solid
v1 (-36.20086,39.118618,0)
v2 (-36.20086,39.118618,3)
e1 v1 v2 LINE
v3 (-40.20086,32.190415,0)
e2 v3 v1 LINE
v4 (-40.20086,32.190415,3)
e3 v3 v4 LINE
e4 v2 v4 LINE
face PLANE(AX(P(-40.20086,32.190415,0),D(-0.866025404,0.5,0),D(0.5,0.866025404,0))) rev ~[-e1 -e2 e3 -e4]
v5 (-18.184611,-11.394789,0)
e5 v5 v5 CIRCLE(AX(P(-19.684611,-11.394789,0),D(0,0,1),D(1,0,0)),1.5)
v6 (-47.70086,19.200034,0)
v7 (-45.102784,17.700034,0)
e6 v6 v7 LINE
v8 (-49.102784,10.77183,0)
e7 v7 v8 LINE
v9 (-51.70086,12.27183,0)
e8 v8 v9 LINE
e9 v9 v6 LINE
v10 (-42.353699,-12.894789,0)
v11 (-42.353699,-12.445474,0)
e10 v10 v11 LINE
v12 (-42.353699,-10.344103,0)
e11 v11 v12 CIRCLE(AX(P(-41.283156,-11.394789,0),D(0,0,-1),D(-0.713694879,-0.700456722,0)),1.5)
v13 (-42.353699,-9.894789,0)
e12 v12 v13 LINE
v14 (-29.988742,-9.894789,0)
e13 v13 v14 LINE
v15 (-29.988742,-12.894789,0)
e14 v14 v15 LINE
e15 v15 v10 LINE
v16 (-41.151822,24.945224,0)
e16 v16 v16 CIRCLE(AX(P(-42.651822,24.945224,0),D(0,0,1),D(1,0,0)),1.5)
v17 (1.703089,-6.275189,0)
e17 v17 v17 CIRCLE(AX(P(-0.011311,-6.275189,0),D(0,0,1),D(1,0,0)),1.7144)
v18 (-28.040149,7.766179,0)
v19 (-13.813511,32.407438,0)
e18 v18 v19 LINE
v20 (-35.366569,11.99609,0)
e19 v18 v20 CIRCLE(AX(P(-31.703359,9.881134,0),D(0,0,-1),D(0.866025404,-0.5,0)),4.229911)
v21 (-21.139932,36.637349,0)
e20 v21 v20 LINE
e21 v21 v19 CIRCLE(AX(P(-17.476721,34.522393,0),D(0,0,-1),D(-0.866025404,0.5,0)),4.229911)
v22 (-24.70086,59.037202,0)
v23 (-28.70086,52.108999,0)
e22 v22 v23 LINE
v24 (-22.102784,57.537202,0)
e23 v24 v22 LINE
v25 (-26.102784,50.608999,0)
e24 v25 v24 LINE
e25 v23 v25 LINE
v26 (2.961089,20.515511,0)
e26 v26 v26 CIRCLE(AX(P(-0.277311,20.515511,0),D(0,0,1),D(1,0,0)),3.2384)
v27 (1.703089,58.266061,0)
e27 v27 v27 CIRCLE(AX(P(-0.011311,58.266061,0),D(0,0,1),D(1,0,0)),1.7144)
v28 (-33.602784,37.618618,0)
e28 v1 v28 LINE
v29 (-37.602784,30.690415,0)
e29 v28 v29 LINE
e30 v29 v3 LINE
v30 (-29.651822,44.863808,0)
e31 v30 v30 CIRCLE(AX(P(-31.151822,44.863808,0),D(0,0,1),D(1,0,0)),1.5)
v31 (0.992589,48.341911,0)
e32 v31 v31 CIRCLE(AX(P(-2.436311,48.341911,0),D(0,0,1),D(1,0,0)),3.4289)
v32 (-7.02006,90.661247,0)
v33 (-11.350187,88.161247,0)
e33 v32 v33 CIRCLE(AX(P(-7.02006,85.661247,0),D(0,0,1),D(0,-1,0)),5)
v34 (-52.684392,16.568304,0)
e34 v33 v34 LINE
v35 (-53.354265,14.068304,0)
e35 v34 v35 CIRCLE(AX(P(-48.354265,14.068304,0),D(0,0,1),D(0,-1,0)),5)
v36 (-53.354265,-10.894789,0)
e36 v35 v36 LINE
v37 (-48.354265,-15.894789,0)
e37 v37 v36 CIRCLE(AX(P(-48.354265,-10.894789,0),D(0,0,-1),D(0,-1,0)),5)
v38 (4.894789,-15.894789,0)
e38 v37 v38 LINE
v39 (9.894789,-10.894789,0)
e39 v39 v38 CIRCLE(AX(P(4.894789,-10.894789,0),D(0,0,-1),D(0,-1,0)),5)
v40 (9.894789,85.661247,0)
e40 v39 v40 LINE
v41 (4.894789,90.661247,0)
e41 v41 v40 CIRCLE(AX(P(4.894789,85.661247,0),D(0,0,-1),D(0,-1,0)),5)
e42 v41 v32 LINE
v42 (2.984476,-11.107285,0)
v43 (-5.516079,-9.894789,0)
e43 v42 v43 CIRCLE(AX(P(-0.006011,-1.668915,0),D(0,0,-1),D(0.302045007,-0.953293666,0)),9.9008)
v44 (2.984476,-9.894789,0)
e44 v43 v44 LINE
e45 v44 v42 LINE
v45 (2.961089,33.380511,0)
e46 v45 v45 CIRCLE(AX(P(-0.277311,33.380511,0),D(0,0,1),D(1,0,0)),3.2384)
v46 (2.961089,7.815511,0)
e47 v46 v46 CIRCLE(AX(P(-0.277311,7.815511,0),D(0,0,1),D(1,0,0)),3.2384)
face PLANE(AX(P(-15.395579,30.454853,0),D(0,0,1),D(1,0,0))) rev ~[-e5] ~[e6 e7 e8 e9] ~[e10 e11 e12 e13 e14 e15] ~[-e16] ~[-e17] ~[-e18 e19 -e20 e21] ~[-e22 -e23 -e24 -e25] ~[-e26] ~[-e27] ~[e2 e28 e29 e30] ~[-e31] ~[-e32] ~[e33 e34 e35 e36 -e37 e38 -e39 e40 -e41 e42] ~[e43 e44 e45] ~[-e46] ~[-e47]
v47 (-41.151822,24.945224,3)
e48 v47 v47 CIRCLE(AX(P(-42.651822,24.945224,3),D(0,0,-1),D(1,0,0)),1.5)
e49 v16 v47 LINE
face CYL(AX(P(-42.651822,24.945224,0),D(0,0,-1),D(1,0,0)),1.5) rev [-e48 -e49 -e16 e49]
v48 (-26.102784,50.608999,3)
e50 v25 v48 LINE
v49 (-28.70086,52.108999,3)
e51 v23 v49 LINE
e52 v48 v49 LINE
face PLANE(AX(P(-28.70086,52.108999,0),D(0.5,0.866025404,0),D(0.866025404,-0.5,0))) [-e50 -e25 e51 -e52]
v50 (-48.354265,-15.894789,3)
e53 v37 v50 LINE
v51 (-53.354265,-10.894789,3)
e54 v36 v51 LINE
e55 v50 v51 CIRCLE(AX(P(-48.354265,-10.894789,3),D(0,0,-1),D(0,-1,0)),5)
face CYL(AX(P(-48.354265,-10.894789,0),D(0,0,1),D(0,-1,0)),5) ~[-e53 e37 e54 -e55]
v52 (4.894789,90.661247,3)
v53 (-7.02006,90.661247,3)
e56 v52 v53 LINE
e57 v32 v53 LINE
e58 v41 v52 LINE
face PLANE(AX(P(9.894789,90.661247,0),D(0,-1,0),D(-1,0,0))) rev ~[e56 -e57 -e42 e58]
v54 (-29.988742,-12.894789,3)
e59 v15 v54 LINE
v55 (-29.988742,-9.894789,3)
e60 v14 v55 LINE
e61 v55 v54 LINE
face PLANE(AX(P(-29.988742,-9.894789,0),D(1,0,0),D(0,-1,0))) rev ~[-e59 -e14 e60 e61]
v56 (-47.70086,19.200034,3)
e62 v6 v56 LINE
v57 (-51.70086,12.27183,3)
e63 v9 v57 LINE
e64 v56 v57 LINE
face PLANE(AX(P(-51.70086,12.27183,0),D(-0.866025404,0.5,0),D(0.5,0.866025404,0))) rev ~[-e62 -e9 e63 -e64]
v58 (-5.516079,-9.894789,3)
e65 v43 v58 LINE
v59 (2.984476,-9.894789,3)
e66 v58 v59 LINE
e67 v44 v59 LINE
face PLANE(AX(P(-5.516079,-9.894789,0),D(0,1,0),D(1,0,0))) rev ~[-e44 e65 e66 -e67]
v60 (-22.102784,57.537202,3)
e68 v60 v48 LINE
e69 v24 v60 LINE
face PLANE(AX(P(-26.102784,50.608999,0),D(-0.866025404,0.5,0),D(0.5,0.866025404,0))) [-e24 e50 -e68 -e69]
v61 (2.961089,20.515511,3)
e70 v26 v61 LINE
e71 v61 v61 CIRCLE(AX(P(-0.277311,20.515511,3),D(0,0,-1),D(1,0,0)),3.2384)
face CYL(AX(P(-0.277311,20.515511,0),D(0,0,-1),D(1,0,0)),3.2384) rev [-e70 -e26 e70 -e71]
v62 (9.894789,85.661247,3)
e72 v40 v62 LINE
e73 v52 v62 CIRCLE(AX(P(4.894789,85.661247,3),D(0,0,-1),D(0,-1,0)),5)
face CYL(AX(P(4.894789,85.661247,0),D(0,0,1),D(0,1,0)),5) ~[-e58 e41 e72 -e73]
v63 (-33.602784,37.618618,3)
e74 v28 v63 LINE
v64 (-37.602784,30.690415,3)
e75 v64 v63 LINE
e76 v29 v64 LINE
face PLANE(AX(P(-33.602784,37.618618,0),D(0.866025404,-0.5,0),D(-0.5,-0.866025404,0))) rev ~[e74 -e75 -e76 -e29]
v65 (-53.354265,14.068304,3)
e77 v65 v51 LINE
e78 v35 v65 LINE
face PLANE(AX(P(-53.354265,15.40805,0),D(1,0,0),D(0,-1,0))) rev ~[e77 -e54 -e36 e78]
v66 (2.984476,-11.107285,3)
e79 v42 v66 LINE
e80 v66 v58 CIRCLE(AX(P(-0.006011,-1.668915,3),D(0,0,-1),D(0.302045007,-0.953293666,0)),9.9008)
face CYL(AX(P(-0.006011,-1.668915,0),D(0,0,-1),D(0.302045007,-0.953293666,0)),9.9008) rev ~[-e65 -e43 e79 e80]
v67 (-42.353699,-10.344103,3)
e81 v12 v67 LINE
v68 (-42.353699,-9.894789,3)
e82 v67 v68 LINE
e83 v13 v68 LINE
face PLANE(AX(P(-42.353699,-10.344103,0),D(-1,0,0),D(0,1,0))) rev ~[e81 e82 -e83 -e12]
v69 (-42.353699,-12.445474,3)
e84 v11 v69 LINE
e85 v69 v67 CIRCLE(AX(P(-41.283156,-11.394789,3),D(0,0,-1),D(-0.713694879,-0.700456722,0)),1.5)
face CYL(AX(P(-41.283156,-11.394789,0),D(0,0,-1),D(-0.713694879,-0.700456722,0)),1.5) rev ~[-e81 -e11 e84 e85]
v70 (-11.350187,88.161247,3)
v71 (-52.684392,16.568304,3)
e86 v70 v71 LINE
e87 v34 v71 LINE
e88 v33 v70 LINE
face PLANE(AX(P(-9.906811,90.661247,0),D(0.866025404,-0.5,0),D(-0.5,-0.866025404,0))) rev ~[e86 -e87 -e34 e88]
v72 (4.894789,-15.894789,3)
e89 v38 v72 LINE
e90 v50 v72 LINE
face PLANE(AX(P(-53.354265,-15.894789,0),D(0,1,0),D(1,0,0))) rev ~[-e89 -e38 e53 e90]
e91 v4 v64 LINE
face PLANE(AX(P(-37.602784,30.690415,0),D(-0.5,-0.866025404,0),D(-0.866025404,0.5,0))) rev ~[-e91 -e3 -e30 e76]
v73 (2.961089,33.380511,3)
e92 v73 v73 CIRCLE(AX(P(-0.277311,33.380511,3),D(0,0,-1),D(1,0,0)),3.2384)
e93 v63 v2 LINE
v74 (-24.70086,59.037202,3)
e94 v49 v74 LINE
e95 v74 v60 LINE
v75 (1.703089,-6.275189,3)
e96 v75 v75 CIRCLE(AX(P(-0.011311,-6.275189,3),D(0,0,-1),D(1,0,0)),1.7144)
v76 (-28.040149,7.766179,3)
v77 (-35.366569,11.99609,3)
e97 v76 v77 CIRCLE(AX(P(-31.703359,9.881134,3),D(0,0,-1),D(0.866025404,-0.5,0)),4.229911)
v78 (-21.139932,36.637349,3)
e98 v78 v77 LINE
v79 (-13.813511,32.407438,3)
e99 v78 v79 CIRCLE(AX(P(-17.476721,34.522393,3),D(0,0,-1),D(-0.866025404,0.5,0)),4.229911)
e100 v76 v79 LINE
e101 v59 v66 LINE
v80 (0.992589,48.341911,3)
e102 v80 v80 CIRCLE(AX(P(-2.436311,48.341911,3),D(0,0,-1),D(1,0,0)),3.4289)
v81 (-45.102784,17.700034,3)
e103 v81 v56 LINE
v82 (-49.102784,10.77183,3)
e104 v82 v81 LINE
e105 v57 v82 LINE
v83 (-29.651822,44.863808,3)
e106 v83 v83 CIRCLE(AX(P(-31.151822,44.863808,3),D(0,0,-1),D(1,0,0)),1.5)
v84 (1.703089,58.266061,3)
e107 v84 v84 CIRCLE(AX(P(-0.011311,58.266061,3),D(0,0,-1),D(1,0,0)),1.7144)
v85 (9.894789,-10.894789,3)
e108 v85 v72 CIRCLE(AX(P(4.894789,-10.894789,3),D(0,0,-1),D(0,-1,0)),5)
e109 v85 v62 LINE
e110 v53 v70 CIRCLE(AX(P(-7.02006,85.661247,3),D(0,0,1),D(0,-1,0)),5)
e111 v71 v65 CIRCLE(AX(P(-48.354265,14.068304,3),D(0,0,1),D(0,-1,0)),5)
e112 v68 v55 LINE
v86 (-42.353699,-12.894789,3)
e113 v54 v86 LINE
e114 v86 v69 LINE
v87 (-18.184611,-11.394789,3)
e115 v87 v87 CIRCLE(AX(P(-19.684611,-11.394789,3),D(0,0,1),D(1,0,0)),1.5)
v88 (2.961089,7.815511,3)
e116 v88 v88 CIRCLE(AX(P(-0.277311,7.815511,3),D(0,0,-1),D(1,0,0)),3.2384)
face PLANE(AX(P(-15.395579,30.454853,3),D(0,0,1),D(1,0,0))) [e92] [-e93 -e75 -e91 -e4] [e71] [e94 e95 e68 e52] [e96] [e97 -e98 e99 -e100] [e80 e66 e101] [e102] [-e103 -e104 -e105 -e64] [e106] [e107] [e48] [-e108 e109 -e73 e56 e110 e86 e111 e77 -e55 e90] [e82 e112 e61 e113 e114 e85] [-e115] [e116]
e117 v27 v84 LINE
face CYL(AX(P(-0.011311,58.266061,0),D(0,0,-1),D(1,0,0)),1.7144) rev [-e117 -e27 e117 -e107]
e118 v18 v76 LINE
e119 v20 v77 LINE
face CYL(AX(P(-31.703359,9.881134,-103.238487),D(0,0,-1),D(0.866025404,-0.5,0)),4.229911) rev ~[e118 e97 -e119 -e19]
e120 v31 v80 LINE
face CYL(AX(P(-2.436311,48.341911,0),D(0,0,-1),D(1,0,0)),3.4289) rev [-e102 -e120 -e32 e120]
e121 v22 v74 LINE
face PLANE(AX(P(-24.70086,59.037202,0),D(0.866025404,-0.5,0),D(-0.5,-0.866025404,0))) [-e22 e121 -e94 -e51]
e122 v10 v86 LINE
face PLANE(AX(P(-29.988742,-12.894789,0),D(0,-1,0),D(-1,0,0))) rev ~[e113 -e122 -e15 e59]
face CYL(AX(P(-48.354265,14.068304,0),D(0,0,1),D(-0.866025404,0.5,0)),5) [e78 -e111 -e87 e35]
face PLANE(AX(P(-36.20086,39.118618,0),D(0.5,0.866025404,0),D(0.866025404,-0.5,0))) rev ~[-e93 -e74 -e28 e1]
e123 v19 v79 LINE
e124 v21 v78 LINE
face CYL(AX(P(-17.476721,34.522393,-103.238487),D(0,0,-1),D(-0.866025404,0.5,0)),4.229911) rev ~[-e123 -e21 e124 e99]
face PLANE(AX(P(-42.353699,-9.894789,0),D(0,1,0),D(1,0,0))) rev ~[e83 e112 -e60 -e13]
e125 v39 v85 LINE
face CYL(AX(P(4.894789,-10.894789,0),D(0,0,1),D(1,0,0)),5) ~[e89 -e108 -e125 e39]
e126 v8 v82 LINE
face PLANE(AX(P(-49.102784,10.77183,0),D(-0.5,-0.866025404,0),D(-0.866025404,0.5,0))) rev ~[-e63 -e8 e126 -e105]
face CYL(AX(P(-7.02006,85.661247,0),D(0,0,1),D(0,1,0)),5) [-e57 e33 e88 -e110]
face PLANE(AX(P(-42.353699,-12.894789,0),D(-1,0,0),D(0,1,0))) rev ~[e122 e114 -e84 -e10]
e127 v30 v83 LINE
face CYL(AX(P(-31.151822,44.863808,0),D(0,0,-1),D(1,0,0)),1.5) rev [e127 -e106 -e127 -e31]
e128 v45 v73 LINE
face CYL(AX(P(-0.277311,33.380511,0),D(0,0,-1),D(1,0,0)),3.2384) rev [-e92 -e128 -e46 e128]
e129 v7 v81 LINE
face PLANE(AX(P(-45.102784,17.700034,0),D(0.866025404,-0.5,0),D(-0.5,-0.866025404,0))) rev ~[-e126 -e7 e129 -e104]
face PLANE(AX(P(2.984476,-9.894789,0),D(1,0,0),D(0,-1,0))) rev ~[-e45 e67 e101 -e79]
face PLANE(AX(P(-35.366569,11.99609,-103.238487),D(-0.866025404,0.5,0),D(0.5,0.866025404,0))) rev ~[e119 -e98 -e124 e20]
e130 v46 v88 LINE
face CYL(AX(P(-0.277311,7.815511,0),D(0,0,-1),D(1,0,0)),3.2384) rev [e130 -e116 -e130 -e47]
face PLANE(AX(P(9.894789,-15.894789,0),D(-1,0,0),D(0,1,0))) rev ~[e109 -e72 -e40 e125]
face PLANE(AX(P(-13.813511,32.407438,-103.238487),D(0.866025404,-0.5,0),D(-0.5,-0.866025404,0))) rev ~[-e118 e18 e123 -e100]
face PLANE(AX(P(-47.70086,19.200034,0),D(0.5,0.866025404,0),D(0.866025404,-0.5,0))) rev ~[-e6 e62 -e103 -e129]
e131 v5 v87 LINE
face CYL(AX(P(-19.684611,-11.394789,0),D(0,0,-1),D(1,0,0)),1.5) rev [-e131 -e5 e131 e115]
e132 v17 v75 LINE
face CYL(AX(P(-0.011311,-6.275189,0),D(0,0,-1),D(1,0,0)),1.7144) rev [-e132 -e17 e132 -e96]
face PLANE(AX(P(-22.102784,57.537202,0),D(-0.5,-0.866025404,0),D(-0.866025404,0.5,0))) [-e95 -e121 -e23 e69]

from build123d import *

# Parameters (mm, degrees)
SKETCH1_R            = 1.5
BOSS_EXTRUDE1_DEPTH  = 3
SKETCH3_R            = 1.7144
SKETCH3_R_2          = 3.2384
SKETCH3_R_3          = 3.4289
SKETCH3_R_4          = 1.714400001
CUT_EXTRUDE4_DEPTH   = 106.238487343
SKETCH4_R            = 1.5
CUT_EXTRUDE5_DEPTH   = 106.238487343
CABLEHOLE_DEPTH      = 106.238487343
CABLEHOLE_DEPTH_BACK = 106.238487343
FILLET1_R            = 5


with BuildPart() as part:
    # Sketch1 → Boss-Extrude1 (new body)
    with BuildSketch(Plane.XY):
        Polygon((9.894788559, 90.661246725), (-9.906811441, 90.661246725), (-53.35426469, 15.408050237), (-53.35426469, -15.894788559), (9.894788559, -15.894788559), align=None)
        with BuildLine():
            Line((2.984475762, -9.894788559), (2.984475762, -11.107284946))
            ThreePointArc((2.984475762, -11.107284946), (-1.404084484, -11.470508377), (-5.516079054, -9.894788559))
            Line((-5.516079054, -9.894788559), (2.984475762, -9.894788559))
        make_face(mode=Mode.SUBTRACT)
        with BuildLine():
            Line((-42.353698644, -10.344103475), (-42.353698644, -9.894788559))
            Line((-42.353698644, -9.894788559), (-29.988741988, -9.894788559))
            Line((-29.988741988, -9.894788559), (-29.988741988, -12.894788559))
            Line((-29.988741988, -12.894788559), (-42.353698644, -12.894788559))
            Line((-42.353698644, -12.894788559), (-42.353698644, -12.445473643))
            ThreePointArc((-42.353698644, -12.445473643), (-42.783156326, -11.394788559), (-42.353698644, -10.344103475))
        make_face(mode=Mode.SUBTRACT)
        with Locations((-19.684611441, -11.394788559)):
            Circle(SKETCH1_R, mode=Mode.SUBTRACT)
    extrude(amount=BOSS_EXTRUDE1_DEPTH)

    # Sketch3 → Cut-Extrude4 (cut, through all)
    with BuildSketch(Plane.XY):
        with Locations((-0.011311441, -6.275188559)):
            Circle(SKETCH3_R)
        with Locations((-0.277311441, 7.815511441)):
            Circle(SKETCH3_R_2)
        with Locations((-0.277311441, 20.515511441)):
            Circle(SKETCH3_R_2)
        with Locations((-0.277311441, 33.380511441)):
            Circle(SKETCH3_R_2)
        with Locations((-2.436311441, 48.341911441)):
            Circle(SKETCH3_R_3)
        with Locations((-0.011311441, 58.266061441)):
            Circle(SKETCH3_R_4)
    extrude(amount=CUT_EXTRUDE4_DEPTH, mode=Mode.SUBTRACT)

    # Sketch4 → Cut-Extrude5 (cut, through all)
    with BuildSketch(Plane.XY):
        with Locations((-42.651822313, 24.9452242)):
            Circle(SKETCH4_R)
        with Locations((-31.151822313, 44.863808487)):
            Circle(SKETCH4_R)
        Polygon((-40.200860419, 32.190414728), (-36.200860419, 39.118617958), (-33.602784207, 37.618617958), (-37.602784207, 30.690414728), align=None)
        Polygon((-24.700860419, 59.037202245), (-28.700860419, 52.108999015), (-26.102784207, 50.608999015), (-22.102784207, 57.537202245), align=None)
        Polygon((-51.700860419, 12.271830441), (-47.700860419, 19.200033671), (-45.102784207, 17.700033671), (-49.102784207, 10.771830441), align=None)
    extrude(amount=CUT_EXTRUDE5_DEPTH, mode=Mode.SUBTRACT)

    # Sketch5 → CableHole (cut, two sides: drawn at the far end of the back side and taken through both)
    with BuildSketch(Plane.XY.offset(3).offset(-CABLEHOLE_DEPTH_BACK)):
        with BuildLine():
            Line((-35.366569483, 11.996089665), (-21.139931787, 36.637348974))
            ThreePointArc((-21.139931787, 36.637348974), (-15.361765759, 38.185603895), (-13.813510838, 32.407437867))
            Line((-13.813510838, 32.407437867), (-28.040148533, 7.766178558))
            ThreePointArc((-28.040148533, 7.766178558), (-33.818314562, 6.217923637), (-35.366569483, 11.996089665))
        make_face()
    extrude(amount=CABLEHOLE_DEPTH + CABLEHOLE_DEPTH_BACK, mode=Mode.SUBTRACT)

    # Fillet1
    fillet1_edges = [part.edges().sort_by_distance(p)[0] for p in [
        (-53.35426469, -15.894788559, 1.5),
        (-53.35426469, 15.408050237, 1.5),
        (-9.906811441, 90.661246725, 1.5),
        (9.894788559, 90.661246725, 1.5),
        (9.894788559, -15.894788559, 1.5),
    ]]
    fillet(fillet1_edges, radius=FILLET1_R)


solid = part.part
